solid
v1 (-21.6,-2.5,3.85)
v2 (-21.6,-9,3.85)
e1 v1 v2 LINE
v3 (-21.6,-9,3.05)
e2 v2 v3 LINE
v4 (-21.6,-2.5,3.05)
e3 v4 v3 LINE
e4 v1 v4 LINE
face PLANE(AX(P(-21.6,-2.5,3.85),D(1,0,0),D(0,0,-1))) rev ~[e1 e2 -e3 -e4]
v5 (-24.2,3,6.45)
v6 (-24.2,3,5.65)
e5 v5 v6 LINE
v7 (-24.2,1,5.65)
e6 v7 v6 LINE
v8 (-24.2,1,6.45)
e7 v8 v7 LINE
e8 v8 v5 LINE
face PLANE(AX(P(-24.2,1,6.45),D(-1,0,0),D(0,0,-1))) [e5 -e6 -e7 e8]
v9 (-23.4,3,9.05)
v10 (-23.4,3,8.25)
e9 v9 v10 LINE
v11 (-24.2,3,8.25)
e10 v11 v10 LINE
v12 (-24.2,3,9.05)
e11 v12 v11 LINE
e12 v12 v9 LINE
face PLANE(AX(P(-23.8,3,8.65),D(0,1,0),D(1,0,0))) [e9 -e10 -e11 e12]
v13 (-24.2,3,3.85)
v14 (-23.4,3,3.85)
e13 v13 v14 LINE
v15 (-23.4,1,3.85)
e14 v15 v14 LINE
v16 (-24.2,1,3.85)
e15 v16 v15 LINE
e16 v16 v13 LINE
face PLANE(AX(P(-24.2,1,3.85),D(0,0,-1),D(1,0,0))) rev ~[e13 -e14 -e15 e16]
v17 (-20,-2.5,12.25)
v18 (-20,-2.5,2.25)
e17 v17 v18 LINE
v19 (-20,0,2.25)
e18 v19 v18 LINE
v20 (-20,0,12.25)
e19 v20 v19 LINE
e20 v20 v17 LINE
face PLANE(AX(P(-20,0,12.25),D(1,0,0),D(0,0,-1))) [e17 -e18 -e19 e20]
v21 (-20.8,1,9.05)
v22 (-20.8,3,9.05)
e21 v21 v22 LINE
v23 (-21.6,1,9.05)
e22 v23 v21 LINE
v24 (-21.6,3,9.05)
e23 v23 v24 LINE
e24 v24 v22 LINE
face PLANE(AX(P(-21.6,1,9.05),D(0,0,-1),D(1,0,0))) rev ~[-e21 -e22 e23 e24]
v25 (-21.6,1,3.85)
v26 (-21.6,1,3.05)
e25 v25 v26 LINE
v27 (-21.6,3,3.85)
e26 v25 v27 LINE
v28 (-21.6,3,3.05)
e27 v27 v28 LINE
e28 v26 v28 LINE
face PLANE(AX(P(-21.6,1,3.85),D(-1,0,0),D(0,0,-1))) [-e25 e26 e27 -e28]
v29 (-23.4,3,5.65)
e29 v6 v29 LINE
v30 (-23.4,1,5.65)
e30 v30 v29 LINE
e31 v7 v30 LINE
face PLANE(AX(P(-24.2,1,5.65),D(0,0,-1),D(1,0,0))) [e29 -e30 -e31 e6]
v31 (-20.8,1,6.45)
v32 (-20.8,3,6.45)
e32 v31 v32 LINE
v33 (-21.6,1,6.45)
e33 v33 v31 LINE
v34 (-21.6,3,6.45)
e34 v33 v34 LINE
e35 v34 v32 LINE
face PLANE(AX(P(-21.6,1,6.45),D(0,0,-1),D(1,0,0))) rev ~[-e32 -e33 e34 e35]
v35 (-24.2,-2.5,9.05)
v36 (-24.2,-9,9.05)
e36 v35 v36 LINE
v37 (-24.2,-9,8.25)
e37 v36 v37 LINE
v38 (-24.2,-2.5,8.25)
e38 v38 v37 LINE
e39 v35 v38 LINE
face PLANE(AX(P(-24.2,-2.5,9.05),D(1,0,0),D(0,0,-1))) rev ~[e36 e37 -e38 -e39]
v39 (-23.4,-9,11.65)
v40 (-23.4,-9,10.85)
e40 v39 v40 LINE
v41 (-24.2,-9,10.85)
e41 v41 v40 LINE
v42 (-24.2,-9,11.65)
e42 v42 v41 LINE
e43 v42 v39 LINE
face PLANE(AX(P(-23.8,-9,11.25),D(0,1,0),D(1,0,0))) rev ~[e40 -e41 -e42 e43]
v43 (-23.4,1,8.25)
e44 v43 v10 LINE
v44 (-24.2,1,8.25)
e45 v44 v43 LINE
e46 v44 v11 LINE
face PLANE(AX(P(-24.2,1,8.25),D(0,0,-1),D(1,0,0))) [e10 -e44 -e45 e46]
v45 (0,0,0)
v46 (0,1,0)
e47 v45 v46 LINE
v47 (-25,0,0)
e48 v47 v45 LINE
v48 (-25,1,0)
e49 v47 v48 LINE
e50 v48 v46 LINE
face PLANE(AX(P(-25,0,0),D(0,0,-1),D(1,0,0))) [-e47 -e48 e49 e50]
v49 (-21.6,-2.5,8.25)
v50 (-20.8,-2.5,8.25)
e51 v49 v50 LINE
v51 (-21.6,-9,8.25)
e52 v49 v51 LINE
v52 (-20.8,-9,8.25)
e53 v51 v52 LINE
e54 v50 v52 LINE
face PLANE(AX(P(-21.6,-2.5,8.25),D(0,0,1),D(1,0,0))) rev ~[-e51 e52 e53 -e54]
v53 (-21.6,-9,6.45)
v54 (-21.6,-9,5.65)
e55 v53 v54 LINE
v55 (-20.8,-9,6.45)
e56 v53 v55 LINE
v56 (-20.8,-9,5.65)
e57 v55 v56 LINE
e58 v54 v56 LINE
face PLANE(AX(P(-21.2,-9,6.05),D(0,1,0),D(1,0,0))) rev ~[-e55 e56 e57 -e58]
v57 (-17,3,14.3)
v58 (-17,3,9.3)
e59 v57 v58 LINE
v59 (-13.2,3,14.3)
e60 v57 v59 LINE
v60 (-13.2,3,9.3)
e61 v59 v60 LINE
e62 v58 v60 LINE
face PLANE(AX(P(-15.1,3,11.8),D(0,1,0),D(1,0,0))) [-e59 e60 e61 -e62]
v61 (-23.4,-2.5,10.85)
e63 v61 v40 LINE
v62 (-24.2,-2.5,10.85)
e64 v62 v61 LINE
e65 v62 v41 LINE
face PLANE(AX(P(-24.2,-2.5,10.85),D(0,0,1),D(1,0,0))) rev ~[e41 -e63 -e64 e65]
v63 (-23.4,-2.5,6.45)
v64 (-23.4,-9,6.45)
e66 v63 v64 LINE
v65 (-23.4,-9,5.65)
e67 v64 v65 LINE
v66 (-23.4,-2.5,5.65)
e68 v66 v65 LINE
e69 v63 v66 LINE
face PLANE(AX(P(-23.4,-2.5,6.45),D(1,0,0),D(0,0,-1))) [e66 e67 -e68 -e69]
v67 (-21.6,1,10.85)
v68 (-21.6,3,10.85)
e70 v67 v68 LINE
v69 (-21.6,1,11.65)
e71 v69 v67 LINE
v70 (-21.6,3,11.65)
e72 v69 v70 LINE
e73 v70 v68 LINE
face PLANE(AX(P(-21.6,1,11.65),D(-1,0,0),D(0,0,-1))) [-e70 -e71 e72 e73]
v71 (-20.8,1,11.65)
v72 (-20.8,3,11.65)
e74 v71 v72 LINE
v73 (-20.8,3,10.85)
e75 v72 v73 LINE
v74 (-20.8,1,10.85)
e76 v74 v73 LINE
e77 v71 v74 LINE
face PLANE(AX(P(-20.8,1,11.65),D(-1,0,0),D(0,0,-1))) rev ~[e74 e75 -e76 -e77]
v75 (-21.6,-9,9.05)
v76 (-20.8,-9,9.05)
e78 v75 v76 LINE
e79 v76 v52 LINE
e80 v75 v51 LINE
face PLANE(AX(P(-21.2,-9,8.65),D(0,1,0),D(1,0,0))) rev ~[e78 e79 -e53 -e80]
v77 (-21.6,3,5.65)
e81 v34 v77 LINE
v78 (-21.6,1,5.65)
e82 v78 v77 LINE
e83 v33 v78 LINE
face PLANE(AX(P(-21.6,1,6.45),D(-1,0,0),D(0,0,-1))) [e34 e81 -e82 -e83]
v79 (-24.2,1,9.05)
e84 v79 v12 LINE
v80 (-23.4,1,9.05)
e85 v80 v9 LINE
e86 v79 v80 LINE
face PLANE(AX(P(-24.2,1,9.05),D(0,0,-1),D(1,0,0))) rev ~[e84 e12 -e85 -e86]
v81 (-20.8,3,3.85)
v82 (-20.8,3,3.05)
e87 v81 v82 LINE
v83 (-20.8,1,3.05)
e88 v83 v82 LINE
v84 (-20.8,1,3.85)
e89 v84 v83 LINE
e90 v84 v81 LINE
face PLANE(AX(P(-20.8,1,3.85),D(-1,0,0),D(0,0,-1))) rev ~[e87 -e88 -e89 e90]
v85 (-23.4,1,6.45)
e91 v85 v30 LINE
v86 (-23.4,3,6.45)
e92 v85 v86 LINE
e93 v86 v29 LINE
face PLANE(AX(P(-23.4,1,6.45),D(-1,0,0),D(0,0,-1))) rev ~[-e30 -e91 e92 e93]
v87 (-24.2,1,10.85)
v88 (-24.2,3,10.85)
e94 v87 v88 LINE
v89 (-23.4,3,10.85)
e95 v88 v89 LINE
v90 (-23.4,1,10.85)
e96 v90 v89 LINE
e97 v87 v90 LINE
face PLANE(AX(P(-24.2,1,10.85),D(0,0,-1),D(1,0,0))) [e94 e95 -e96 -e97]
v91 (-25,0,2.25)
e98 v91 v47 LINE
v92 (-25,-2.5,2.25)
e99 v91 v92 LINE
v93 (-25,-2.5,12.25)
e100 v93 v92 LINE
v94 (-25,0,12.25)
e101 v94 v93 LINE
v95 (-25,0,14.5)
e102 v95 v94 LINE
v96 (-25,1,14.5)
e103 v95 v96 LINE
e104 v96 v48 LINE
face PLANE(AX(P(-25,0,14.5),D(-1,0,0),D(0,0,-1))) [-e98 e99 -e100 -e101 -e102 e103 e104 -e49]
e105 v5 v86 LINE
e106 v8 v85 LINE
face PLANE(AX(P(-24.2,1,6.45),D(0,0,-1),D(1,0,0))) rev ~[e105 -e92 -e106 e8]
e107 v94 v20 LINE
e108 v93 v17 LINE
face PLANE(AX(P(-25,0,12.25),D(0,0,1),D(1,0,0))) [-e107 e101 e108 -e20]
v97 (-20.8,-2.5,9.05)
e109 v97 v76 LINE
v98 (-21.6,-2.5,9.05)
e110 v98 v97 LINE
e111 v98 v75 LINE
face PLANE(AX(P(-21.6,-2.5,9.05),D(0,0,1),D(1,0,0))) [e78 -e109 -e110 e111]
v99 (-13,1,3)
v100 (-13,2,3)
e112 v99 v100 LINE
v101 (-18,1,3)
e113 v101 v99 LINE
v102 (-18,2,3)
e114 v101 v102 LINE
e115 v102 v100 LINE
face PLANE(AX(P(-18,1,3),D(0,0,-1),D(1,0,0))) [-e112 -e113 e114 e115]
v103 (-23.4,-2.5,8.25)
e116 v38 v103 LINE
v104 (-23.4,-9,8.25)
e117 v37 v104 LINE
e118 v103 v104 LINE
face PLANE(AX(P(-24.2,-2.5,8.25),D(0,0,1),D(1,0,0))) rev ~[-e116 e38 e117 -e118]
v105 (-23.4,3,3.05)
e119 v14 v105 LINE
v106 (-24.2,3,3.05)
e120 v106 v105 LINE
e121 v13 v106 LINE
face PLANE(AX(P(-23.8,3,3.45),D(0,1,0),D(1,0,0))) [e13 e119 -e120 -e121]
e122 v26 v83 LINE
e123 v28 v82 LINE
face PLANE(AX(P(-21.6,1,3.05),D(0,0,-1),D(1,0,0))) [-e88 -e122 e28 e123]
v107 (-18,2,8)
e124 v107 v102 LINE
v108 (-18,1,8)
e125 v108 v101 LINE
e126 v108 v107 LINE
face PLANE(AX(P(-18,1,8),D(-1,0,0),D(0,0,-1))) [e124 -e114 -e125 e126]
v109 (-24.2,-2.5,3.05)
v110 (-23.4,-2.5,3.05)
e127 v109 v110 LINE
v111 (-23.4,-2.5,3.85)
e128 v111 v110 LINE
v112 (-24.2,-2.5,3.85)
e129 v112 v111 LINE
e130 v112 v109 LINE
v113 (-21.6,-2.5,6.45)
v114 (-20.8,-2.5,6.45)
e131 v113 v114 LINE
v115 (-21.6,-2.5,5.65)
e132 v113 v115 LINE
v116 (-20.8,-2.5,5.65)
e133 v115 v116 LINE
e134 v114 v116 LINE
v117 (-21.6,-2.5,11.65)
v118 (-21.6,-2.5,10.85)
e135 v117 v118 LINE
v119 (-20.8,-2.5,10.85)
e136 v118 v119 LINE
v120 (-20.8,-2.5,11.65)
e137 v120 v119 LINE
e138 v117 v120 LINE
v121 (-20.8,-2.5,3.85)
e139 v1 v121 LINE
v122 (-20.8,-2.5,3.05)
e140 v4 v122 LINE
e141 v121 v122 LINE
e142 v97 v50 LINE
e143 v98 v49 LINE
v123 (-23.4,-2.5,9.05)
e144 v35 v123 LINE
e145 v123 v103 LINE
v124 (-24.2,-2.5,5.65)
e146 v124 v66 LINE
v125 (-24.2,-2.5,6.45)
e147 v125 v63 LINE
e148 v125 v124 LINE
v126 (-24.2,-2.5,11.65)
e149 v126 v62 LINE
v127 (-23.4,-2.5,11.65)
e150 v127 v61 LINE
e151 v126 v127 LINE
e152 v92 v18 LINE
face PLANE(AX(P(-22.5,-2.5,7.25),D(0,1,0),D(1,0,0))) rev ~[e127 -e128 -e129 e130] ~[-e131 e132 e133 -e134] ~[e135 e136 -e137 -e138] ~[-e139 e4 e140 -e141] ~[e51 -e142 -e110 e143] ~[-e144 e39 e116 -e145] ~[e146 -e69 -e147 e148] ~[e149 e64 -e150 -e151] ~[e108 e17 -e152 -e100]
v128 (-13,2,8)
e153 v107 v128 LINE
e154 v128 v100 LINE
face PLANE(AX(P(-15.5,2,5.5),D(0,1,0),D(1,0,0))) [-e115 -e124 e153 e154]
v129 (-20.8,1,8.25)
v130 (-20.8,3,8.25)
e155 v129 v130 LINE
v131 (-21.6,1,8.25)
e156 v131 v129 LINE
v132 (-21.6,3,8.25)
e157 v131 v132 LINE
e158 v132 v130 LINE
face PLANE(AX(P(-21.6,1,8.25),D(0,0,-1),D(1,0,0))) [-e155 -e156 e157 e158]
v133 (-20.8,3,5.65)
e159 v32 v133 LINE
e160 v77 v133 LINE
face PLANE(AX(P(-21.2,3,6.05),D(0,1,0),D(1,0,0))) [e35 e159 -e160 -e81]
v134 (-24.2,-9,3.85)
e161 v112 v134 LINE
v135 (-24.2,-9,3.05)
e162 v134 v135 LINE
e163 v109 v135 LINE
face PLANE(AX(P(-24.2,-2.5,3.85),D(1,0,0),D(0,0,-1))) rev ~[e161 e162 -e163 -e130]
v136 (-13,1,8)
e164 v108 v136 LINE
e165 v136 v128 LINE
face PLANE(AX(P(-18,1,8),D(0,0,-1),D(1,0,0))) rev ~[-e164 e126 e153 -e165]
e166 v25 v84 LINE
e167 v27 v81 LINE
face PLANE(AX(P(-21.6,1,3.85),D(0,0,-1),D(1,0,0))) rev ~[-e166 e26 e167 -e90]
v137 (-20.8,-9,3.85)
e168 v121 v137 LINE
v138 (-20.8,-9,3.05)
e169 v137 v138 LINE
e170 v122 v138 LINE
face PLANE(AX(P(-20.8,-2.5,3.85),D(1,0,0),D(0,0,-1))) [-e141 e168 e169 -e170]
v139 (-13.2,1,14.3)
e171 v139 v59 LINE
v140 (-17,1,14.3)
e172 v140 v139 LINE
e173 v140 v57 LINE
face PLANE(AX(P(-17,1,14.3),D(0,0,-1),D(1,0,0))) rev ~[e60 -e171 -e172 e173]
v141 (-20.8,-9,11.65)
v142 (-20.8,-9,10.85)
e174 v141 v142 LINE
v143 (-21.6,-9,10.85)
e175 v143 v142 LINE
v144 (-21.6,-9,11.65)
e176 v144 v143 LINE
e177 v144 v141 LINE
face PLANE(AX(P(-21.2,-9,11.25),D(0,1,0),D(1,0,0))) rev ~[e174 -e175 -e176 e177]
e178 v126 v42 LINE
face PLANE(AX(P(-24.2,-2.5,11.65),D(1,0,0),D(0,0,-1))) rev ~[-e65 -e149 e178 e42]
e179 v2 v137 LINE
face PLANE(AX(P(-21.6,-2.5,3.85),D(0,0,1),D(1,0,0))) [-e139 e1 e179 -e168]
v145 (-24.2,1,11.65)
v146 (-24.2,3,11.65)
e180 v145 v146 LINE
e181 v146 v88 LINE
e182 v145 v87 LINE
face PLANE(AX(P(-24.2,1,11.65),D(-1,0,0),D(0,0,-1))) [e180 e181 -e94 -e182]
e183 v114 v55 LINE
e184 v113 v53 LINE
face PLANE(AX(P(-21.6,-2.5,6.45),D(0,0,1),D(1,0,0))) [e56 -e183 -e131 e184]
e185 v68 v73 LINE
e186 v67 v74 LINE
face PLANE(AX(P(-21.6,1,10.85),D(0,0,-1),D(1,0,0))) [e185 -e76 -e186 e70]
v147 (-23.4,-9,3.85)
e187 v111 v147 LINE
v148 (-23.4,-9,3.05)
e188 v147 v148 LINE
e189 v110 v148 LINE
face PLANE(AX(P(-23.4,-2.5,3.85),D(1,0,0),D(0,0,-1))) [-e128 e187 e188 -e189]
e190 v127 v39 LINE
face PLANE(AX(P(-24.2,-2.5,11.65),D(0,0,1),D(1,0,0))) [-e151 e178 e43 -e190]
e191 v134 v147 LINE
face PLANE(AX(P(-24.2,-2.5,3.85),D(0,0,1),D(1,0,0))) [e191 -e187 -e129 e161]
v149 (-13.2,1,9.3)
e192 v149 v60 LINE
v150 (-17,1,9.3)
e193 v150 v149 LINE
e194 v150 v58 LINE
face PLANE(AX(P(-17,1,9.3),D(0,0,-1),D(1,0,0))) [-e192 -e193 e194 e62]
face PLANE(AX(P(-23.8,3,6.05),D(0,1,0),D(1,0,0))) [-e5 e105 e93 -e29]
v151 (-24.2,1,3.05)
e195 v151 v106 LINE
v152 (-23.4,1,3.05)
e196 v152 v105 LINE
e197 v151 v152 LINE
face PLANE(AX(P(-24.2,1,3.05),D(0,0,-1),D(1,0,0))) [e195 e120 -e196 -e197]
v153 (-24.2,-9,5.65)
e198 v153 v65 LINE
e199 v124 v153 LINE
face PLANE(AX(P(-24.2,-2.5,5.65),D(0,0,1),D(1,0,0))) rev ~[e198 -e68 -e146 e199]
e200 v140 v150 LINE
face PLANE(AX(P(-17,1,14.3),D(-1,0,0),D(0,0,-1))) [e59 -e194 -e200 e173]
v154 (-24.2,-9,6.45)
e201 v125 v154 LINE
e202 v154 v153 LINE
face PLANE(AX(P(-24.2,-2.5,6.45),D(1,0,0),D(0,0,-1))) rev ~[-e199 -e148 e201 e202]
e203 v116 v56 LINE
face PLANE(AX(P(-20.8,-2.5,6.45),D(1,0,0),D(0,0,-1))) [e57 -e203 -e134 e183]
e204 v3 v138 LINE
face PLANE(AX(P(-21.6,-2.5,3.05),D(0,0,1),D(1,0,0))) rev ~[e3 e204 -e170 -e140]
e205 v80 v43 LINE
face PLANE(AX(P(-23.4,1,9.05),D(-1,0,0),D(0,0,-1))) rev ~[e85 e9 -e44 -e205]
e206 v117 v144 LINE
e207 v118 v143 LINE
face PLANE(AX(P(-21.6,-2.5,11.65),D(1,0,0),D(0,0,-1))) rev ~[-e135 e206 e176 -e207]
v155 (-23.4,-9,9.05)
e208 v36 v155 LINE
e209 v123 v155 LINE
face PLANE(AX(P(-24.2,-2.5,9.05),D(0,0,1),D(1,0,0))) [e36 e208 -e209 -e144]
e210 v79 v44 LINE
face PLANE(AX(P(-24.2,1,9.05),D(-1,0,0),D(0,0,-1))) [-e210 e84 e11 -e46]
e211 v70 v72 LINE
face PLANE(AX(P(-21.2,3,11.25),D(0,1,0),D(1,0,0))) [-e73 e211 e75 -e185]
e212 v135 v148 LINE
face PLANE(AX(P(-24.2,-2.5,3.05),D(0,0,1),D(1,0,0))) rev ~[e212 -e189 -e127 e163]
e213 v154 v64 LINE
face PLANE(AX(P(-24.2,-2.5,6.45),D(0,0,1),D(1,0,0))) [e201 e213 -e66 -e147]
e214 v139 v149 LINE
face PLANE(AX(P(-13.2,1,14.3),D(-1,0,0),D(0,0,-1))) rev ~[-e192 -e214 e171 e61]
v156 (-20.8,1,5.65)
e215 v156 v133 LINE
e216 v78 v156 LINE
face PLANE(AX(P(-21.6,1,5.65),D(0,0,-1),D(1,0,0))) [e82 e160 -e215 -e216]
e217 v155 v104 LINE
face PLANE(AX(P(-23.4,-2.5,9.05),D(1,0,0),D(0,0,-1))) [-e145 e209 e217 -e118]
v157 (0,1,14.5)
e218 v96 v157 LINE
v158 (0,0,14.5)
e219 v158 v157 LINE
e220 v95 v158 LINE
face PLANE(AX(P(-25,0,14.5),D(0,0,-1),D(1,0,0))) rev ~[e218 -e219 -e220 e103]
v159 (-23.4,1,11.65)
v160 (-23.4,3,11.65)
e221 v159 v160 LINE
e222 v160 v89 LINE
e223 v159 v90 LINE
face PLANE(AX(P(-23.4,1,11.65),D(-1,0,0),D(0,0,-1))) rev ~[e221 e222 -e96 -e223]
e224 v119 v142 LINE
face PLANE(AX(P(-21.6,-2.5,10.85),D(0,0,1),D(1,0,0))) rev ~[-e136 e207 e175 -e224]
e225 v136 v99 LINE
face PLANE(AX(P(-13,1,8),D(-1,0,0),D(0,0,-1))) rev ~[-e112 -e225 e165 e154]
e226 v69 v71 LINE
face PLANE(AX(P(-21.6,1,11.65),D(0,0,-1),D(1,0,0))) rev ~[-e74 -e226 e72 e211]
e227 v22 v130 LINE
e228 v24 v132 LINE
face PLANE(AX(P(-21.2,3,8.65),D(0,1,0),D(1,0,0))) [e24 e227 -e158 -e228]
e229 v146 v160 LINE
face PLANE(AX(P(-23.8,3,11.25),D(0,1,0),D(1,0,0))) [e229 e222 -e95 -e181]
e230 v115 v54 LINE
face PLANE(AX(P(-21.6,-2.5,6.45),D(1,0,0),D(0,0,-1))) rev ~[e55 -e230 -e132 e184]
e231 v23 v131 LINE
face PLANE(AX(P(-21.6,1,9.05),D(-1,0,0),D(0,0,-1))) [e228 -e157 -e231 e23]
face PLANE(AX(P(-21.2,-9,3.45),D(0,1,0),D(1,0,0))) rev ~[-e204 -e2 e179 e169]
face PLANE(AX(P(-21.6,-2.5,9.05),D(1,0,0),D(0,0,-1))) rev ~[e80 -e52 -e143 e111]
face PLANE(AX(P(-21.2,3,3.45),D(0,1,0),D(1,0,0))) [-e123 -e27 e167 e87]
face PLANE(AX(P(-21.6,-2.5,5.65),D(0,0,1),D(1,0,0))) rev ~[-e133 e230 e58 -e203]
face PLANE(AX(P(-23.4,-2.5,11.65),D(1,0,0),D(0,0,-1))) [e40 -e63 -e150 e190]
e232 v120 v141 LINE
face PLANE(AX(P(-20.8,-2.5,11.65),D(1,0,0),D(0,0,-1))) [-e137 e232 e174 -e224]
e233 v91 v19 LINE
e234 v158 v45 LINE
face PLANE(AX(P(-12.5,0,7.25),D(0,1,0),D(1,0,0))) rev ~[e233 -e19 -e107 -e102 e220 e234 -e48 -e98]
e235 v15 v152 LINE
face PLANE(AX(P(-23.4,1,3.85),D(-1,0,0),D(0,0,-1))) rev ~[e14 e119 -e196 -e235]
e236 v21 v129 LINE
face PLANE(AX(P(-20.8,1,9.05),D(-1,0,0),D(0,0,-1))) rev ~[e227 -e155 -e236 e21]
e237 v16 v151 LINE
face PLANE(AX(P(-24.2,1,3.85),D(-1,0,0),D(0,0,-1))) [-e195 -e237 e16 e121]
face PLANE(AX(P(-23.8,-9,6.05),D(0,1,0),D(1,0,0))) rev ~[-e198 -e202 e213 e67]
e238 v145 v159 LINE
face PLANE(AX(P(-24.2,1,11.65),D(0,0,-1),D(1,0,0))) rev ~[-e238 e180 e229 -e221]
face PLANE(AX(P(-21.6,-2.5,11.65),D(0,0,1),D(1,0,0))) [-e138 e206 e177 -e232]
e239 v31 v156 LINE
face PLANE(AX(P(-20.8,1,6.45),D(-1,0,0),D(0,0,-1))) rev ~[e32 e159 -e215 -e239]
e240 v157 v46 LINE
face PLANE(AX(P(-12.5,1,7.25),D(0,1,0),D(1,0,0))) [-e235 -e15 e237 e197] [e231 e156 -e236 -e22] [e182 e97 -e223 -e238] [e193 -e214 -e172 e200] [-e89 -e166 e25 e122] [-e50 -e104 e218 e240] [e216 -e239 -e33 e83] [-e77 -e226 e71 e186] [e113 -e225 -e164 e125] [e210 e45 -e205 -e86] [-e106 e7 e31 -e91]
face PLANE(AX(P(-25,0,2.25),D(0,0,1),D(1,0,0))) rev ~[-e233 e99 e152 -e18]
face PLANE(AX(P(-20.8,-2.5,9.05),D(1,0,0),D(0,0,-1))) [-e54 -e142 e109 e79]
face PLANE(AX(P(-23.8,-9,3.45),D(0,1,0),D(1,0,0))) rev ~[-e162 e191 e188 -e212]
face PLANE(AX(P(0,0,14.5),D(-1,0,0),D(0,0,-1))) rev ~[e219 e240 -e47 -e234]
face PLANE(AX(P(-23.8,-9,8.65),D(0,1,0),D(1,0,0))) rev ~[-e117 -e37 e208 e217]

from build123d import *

# Parameters (mm, degrees)
ESQUISSE1_W        = 25
ESQUISSE1_H        = 14.5
BOSS_EXTRU_1_DEPTH = 1
ESQUISSE2_W        = 3.8
ESQUISSE2_H        = 5
BOSS_EXTRU_2_DEPTH = 2
ESQUISSE2_3_W      = 5
ESQUISSE2_3_H      = 5
BOSS_EXTRU_3_DEPTH = 1
BOSS_EXTRU_4_START = -1
ESQUISSE2_4_W      = 5
ESQUISSE2_4_H      = 10
BOSS_EXTRU_4_DEPTH = 2.5
BOSS_EXTRU_5_START = -3.5
ESQUISSE2_5_W      = 0.8
ESQUISSE2_5_H      = 0.8
BOSS_EXTRU_5_DEPTH = 6.5
ESQUISSE2_6_W      = 0.8
ESQUISSE2_6_H      = 0.8
BOSS_EXTRU_6_DEPTH = 2


with BuildPart() as part:
    # Esquisse1 → Boss.-Extru.1 (new body)
    with BuildSketch(Plane(origin=(0, 0, 0), x_dir=(1, 0, 0), z_dir=(0, 1, 0))):
        with Locations((-12.5, -7.25)):
            Rectangle(ESQUISSE1_W, ESQUISSE1_H)
    extrude(amount=BOSS_EXTRU_1_DEPTH)

    # Esquisse2 → Boss.-Extru.2 (add)
    with BuildSketch(Plane(origin=(0, 1, 0), x_dir=(1, 0, 0), z_dir=(0, 1, 0))):
        with Locations((-15.1, -11.8)):
            Rectangle(ESQUISSE2_W, ESQUISSE2_H)
    extrude(amount=BOSS_EXTRU_2_DEPTH)

    # Esquisse2<3> → Boss.-Extru.3 (add)
    with BuildSketch(Plane(origin=(0, 1, 0), x_dir=(1, 0, 0), z_dir=(0, 1, 0))):
        with Locations((-15.5, -5.5)):
            Rectangle(ESQUISSE2_3_W, ESQUISSE2_3_H)
    extrude(amount=BOSS_EXTRU_3_DEPTH)

    # Esquisse2<4> → Boss.-Extru.4 (add)
    with BuildSketch(Plane(origin=(0, 1, 0), x_dir=(1, 0, 0), z_dir=(0, 1, 0)).offset(BOSS_EXTRU_4_START)):
        with Locations((-22.5, -7.25)):
            Rectangle(ESQUISSE2_4_W, ESQUISSE2_4_H)
    extrude(amount=-BOSS_EXTRU_4_DEPTH)

    # Esquisse2<5> → Boss.-Extru.5 (add)
    with BuildSketch(Plane(origin=(0, 1, 0), x_dir=(1, 0, 0), z_dir=(0, 1, 0)).offset(BOSS_EXTRU_5_START)):
        with Locations((-23.8, -3.45)):
            Rectangle(ESQUISSE2_5_W, ESQUISSE2_5_H)
        with Locations((-21.2, -3.45)):
            Rectangle(ESQUISSE2_5_W, ESQUISSE2_5_H)
        with Locations((-21.2, -6.05)):
            Rectangle(ESQUISSE2_5_W, ESQUISSE2_5_H)
        with Locations((-21.2, -8.65)):
            Rectangle(ESQUISSE2_5_W, ESQUISSE2_5_H)
        with Locations((-21.2, -11.25)):
            Rectangle(ESQUISSE2_5_W, ESQUISSE2_5_H)
        with Locations((-23.8, -11.25)):
            Rectangle(ESQUISSE2_5_W, ESQUISSE2_5_H)
        with Locations((-23.8, -6.05)):
            Rectangle(ESQUISSE2_5_W, ESQUISSE2_5_H)
        with Locations((-23.8, -8.65)):
            Rectangle(ESQUISSE2_5_W, ESQUISSE2_5_H)
    extrude(amount=-BOSS_EXTRU_5_DEPTH)

    # Esquisse2<6> → Boss.-Extru.6 (add)
    with BuildSketch(Plane(origin=(0, 1, 0), x_dir=(1, 0, 0), z_dir=(0, 1, 0))):
        with Locations((-23.8, -3.45)):
            Rectangle(ESQUISSE2_6_W, ESQUISSE2_6_H)
        with Locations((-21.2, -3.45)):
            Rectangle(ESQUISSE2_6_W, ESQUISSE2_6_H)
        with Locations((-21.2, -6.05)):
            Rectangle(ESQUISSE2_6_W, ESQUISSE2_6_H)
        with Locations((-23.8, -6.05)):
            Rectangle(ESQUISSE2_6_W, ESQUISSE2_6_H)
        with Locations((-23.8, -8.65)):
            Rectangle(ESQUISSE2_6_W, ESQUISSE2_6_H)
        with Locations((-21.2, -8.65)):
            Rectangle(ESQUISSE2_6_W, ESQUISSE2_6_H)
        with Locations((-21.2, -11.25)):
            Rectangle(ESQUISSE2_6_W, ESQUISSE2_6_H)
        with Locations((-23.8, -11.25)):
            Rectangle(ESQUISSE2_6_W, ESQUISSE2_6_H)
    extrude(amount=BOSS_EXTRU_6_DEPTH)


solid = part.part
